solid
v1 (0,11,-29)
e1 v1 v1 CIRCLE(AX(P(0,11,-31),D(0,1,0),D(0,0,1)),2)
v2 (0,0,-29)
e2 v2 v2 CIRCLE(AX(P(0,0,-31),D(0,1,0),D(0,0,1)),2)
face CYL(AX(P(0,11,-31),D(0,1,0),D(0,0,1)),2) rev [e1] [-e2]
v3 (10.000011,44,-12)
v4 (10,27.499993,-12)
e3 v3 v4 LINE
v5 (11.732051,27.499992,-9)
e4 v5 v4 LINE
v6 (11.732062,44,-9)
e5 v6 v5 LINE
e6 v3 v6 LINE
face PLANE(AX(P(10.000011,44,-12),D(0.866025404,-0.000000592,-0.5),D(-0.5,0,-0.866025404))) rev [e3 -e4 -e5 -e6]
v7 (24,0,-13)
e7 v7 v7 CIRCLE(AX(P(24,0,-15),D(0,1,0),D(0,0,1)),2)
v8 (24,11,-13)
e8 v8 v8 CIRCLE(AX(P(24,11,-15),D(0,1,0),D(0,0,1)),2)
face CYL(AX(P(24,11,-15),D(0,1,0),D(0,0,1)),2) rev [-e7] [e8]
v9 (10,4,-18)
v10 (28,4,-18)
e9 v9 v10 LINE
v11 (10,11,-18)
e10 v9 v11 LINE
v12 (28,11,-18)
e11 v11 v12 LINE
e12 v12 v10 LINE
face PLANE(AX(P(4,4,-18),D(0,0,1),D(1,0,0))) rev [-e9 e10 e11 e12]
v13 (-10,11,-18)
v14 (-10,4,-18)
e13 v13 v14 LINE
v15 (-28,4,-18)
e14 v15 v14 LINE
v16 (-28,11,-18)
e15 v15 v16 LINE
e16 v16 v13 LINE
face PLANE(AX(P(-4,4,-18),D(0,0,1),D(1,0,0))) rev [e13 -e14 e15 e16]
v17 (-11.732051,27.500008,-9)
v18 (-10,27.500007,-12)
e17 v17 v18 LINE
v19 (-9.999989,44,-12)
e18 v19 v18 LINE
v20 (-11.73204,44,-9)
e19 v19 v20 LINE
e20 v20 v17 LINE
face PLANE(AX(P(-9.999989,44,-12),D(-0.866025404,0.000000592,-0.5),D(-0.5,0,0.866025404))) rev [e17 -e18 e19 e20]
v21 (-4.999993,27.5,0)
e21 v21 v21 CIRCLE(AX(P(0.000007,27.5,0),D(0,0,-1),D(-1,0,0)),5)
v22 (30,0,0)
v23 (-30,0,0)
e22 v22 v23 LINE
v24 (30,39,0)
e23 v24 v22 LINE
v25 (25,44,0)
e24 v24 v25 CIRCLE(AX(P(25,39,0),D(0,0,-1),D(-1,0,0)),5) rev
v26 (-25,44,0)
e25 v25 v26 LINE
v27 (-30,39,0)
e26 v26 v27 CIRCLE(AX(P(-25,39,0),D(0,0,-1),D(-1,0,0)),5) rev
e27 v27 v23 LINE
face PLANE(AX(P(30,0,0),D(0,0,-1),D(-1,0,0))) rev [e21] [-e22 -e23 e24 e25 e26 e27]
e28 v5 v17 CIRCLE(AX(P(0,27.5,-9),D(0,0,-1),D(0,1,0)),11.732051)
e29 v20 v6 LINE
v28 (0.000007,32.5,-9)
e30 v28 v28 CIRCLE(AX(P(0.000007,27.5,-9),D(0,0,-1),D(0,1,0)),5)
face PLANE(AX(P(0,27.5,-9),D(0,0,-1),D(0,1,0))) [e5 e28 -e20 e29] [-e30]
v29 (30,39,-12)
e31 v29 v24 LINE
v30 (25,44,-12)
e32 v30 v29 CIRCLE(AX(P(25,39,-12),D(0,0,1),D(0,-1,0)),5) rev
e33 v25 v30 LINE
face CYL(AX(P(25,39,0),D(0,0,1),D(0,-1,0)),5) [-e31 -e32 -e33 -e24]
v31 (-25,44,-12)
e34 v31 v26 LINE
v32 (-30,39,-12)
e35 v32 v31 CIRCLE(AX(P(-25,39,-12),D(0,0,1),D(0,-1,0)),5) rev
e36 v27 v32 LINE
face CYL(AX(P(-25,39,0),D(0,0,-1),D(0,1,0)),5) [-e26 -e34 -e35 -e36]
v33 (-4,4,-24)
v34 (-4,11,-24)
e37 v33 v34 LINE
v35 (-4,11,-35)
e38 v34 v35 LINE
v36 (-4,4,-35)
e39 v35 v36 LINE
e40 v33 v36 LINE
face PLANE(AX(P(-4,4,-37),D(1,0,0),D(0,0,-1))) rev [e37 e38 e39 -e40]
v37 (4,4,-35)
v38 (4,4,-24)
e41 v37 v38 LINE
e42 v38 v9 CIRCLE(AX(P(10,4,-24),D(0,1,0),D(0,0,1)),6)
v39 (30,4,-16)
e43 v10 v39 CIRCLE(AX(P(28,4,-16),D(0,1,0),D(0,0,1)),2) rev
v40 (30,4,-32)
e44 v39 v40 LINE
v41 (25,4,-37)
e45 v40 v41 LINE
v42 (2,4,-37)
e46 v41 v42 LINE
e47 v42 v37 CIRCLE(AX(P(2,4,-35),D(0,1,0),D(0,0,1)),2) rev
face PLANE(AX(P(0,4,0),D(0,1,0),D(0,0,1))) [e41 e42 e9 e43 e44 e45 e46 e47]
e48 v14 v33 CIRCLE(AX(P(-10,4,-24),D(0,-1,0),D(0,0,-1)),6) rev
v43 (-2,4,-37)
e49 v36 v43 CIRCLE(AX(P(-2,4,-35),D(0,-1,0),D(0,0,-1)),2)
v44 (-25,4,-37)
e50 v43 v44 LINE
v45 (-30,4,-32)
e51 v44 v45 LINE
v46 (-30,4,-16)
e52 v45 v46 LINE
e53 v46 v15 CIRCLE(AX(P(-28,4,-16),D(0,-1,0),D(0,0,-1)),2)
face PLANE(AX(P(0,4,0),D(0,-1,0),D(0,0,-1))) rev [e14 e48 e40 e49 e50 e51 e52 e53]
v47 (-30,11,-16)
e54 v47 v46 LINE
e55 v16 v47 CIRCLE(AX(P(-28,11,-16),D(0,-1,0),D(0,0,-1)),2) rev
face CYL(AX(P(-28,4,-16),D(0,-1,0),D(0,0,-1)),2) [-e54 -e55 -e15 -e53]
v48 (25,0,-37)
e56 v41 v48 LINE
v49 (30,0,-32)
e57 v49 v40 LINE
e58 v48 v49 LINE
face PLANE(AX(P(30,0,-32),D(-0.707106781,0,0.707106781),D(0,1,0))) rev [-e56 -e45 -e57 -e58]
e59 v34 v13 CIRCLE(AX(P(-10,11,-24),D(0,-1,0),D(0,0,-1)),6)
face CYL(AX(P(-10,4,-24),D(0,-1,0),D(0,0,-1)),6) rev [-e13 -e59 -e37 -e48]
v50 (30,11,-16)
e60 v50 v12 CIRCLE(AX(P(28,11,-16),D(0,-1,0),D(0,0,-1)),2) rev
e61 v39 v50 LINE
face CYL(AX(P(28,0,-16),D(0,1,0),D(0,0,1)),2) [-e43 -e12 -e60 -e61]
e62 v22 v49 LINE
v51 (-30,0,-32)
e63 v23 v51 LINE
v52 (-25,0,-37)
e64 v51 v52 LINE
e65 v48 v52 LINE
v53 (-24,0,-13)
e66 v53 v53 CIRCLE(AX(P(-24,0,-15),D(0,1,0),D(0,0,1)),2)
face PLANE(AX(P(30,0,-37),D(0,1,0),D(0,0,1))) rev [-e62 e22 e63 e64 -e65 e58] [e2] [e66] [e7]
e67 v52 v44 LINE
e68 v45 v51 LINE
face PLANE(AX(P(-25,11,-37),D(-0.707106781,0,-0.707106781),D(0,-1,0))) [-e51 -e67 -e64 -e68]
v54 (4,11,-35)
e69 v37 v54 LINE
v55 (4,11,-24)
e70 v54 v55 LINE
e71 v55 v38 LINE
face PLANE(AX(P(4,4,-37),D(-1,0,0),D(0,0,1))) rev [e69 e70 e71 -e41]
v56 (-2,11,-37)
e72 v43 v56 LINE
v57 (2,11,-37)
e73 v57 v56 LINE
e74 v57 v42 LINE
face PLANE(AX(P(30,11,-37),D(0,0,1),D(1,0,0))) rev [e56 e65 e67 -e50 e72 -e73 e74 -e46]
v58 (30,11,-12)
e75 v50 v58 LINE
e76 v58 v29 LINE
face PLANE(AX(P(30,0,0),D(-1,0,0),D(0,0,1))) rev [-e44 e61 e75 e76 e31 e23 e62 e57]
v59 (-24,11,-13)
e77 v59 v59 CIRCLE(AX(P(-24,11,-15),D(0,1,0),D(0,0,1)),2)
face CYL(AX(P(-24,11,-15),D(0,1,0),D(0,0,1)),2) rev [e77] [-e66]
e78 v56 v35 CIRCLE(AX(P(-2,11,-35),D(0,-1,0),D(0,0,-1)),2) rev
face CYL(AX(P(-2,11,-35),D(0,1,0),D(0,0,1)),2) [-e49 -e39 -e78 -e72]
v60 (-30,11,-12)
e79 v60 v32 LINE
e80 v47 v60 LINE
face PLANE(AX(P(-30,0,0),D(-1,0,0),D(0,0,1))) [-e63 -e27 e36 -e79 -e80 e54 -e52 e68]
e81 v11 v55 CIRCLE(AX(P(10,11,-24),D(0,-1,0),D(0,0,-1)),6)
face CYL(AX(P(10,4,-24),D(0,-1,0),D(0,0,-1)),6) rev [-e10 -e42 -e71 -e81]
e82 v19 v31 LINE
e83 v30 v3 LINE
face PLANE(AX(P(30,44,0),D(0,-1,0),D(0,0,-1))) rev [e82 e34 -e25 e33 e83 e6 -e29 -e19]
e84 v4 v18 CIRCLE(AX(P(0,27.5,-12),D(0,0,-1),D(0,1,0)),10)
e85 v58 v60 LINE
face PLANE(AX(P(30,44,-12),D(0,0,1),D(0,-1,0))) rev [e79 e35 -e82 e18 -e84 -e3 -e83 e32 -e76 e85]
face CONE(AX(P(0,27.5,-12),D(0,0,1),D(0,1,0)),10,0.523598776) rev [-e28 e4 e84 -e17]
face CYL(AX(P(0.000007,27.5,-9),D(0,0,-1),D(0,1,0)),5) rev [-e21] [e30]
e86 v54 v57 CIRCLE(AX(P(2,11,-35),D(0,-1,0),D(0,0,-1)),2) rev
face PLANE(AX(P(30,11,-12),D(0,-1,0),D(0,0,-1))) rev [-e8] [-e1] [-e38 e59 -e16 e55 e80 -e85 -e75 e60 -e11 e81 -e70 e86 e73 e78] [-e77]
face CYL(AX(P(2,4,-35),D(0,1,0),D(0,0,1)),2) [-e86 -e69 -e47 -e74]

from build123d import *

# Parameters (mm, degrees)
ESTRUSIONE_ESTRUSIONE1_DEPTH = 30
SCHIZZO6_W                   = 26
SCHIZZO6_H                   = 19
TAGLIO_ESTRUSIONE2_DEPTH     = 7
TAGLIO_ESTRUSIONE3_DEPTH     = 3
TAGLIO_ESTRUSIONE3_DRAFT     = 30
FORO_10_0_10_1_D             = 10
FORO_4_0_4_1_D               = 4
RACCORDO1_R                  = 5
RACCORDO2_R                  = 6
RACCORDO3_R                  = 2
SMUSSO1_SIZE                 = 5


with BuildPart() as part:
    # Schizzo2 → Estrusione-Estrusione1 (new, symmetric)
    with BuildSketch(Plane(origin=(0, 0, 0), x_dir=(0, 0, -1), z_dir=(1, 0, 0))):
        Polygon((0, 44), (12, 44), (12, 11), (37, 11), (37, 0), (0, 0), align=None)
    extrude(amount=ESTRUSIONE_ESTRUSIONE1_DEPTH, both=True)

    # Schizzo6 → Taglio-Estrusione2 (cut)
    with BuildSketch(Plane(origin=(0, 11, 0), x_dir=(1, 0, 0), z_dir=(0, 1, 0))):
        with Locations((-17, 27.5)):
            Rectangle(SCHIZZO6_W, SCHIZZO6_H)
        with Locations((17, 27.5)):
            Rectangle(SCHIZZO6_W, SCHIZZO6_H)
    extrude(amount=-TAGLIO_ESTRUSIONE2_DEPTH, mode=Mode.SUBTRACT)


with BuildPart() as taglio_estrusione3_tool:
    # Schizzo7 → Taglio-Estrusione3 (with draft: the straight prism first)
    with BuildSketch(Plane(origin=(0, 0, -12), x_dir=(-1, 0, 0), z_dir=(0, 0, -1))):
        with BuildLine():
            Line((9.999988724, 44), (-10.000011276, 44))
            Line((-10.000011276, 44), (-10, 27.499993166))
            ThreePointArc((-10, 27.499993166), (6.834e-06, 17.5), (10, 27.500006834))
            Line((10, 27.500006834), (9.999988724, 44))
        make_face()
    extrude(amount=-TAGLIO_ESTRUSIONE3_DEPTH)
    # Taglio-Estrusione3: the draft: its side faces are tilted about the plane it starts from
    taglio_estrusione3_sides = [taglio_estrusione3_tool.faces().sort_by_distance(p)[0] for p in [
        (-9.999994362, 35.750003417, -10.5),
        (1.1276e-05, 44, -10.5),
        (10.000005638, 35.749996583, -10.5),
        (-6.834e-06, 17.5, -10.5),
    ]]
    draft(taglio_estrusione3_sides, Plane(origin=(0, 0, -12), x_dir=(-1, 0, 0), z_dir=(0, 0, -1)), TAGLIO_ESTRUSIONE3_DRAFT)


with BuildPart() as part_1:
    add(part.part)

    # Taglio-Estrusione3: cut by taglio_estrusione3_tool
    add(taglio_estrusione3_tool.part, mode=Mode.SUBTRACT)

    # Foro Ø10.0 (10)-1 (through all)
    with Locations(Plane(origin=(0, 0, -9), x_dir=(-1, 0, 0), z_dir=(0, 0, -1))):
        with Locations((-7.048e-06, 27.5)):
            Hole(FORO_10_0_10_1_D / 2)

    # Foro Ø4.0 (4)-1 (through all)
    with Locations(Plane(origin=(0, 11, 0), x_dir=(1, 0, 0), z_dir=(0, 1, 0))):
        with Locations((0, 31), (-24, 15), (24, 15)):
            Hole(FORO_4_0_4_1_D / 2)

    # Raccordo1
    raccordo1_edges = [part_1.edges().sort_by_distance(p)[0] for p in [
        (30, 44, -6),
        (-30, 44, -6),
    ]]
    fillet(raccordo1_edges, radius=RACCORDO1_R)

    # Raccordo2
    raccordo2_edges = [part_1.edges().sort_by_distance(p)[0] for p in [
        (-4, 7.5, -18),
        (4, 7.5, -18),
    ]]
    fillet(raccordo2_edges, radius=RACCORDO2_R)

    # Raccordo3
    raccordo3_edges = [part_1.edges().sort_by_distance(p)[0] for p in [
        (-30, 7.5, -18),
        (-4, 7.5, -37),
        (4, 7.5, -37),
        (30, 7.5, -18),
    ]]
    fillet(raccordo3_edges, radius=RACCORDO3_R)

    # Smusso1
    smusso1_edges = [part_1.edges().sort_by_distance(p)[0] for p in [
        (30, 2, -37),
        (-30, 2, -37),
    ]]
    chamfer(smusso1_edges, length=SMUSSO1_SIZE)


solid = part_1.part
